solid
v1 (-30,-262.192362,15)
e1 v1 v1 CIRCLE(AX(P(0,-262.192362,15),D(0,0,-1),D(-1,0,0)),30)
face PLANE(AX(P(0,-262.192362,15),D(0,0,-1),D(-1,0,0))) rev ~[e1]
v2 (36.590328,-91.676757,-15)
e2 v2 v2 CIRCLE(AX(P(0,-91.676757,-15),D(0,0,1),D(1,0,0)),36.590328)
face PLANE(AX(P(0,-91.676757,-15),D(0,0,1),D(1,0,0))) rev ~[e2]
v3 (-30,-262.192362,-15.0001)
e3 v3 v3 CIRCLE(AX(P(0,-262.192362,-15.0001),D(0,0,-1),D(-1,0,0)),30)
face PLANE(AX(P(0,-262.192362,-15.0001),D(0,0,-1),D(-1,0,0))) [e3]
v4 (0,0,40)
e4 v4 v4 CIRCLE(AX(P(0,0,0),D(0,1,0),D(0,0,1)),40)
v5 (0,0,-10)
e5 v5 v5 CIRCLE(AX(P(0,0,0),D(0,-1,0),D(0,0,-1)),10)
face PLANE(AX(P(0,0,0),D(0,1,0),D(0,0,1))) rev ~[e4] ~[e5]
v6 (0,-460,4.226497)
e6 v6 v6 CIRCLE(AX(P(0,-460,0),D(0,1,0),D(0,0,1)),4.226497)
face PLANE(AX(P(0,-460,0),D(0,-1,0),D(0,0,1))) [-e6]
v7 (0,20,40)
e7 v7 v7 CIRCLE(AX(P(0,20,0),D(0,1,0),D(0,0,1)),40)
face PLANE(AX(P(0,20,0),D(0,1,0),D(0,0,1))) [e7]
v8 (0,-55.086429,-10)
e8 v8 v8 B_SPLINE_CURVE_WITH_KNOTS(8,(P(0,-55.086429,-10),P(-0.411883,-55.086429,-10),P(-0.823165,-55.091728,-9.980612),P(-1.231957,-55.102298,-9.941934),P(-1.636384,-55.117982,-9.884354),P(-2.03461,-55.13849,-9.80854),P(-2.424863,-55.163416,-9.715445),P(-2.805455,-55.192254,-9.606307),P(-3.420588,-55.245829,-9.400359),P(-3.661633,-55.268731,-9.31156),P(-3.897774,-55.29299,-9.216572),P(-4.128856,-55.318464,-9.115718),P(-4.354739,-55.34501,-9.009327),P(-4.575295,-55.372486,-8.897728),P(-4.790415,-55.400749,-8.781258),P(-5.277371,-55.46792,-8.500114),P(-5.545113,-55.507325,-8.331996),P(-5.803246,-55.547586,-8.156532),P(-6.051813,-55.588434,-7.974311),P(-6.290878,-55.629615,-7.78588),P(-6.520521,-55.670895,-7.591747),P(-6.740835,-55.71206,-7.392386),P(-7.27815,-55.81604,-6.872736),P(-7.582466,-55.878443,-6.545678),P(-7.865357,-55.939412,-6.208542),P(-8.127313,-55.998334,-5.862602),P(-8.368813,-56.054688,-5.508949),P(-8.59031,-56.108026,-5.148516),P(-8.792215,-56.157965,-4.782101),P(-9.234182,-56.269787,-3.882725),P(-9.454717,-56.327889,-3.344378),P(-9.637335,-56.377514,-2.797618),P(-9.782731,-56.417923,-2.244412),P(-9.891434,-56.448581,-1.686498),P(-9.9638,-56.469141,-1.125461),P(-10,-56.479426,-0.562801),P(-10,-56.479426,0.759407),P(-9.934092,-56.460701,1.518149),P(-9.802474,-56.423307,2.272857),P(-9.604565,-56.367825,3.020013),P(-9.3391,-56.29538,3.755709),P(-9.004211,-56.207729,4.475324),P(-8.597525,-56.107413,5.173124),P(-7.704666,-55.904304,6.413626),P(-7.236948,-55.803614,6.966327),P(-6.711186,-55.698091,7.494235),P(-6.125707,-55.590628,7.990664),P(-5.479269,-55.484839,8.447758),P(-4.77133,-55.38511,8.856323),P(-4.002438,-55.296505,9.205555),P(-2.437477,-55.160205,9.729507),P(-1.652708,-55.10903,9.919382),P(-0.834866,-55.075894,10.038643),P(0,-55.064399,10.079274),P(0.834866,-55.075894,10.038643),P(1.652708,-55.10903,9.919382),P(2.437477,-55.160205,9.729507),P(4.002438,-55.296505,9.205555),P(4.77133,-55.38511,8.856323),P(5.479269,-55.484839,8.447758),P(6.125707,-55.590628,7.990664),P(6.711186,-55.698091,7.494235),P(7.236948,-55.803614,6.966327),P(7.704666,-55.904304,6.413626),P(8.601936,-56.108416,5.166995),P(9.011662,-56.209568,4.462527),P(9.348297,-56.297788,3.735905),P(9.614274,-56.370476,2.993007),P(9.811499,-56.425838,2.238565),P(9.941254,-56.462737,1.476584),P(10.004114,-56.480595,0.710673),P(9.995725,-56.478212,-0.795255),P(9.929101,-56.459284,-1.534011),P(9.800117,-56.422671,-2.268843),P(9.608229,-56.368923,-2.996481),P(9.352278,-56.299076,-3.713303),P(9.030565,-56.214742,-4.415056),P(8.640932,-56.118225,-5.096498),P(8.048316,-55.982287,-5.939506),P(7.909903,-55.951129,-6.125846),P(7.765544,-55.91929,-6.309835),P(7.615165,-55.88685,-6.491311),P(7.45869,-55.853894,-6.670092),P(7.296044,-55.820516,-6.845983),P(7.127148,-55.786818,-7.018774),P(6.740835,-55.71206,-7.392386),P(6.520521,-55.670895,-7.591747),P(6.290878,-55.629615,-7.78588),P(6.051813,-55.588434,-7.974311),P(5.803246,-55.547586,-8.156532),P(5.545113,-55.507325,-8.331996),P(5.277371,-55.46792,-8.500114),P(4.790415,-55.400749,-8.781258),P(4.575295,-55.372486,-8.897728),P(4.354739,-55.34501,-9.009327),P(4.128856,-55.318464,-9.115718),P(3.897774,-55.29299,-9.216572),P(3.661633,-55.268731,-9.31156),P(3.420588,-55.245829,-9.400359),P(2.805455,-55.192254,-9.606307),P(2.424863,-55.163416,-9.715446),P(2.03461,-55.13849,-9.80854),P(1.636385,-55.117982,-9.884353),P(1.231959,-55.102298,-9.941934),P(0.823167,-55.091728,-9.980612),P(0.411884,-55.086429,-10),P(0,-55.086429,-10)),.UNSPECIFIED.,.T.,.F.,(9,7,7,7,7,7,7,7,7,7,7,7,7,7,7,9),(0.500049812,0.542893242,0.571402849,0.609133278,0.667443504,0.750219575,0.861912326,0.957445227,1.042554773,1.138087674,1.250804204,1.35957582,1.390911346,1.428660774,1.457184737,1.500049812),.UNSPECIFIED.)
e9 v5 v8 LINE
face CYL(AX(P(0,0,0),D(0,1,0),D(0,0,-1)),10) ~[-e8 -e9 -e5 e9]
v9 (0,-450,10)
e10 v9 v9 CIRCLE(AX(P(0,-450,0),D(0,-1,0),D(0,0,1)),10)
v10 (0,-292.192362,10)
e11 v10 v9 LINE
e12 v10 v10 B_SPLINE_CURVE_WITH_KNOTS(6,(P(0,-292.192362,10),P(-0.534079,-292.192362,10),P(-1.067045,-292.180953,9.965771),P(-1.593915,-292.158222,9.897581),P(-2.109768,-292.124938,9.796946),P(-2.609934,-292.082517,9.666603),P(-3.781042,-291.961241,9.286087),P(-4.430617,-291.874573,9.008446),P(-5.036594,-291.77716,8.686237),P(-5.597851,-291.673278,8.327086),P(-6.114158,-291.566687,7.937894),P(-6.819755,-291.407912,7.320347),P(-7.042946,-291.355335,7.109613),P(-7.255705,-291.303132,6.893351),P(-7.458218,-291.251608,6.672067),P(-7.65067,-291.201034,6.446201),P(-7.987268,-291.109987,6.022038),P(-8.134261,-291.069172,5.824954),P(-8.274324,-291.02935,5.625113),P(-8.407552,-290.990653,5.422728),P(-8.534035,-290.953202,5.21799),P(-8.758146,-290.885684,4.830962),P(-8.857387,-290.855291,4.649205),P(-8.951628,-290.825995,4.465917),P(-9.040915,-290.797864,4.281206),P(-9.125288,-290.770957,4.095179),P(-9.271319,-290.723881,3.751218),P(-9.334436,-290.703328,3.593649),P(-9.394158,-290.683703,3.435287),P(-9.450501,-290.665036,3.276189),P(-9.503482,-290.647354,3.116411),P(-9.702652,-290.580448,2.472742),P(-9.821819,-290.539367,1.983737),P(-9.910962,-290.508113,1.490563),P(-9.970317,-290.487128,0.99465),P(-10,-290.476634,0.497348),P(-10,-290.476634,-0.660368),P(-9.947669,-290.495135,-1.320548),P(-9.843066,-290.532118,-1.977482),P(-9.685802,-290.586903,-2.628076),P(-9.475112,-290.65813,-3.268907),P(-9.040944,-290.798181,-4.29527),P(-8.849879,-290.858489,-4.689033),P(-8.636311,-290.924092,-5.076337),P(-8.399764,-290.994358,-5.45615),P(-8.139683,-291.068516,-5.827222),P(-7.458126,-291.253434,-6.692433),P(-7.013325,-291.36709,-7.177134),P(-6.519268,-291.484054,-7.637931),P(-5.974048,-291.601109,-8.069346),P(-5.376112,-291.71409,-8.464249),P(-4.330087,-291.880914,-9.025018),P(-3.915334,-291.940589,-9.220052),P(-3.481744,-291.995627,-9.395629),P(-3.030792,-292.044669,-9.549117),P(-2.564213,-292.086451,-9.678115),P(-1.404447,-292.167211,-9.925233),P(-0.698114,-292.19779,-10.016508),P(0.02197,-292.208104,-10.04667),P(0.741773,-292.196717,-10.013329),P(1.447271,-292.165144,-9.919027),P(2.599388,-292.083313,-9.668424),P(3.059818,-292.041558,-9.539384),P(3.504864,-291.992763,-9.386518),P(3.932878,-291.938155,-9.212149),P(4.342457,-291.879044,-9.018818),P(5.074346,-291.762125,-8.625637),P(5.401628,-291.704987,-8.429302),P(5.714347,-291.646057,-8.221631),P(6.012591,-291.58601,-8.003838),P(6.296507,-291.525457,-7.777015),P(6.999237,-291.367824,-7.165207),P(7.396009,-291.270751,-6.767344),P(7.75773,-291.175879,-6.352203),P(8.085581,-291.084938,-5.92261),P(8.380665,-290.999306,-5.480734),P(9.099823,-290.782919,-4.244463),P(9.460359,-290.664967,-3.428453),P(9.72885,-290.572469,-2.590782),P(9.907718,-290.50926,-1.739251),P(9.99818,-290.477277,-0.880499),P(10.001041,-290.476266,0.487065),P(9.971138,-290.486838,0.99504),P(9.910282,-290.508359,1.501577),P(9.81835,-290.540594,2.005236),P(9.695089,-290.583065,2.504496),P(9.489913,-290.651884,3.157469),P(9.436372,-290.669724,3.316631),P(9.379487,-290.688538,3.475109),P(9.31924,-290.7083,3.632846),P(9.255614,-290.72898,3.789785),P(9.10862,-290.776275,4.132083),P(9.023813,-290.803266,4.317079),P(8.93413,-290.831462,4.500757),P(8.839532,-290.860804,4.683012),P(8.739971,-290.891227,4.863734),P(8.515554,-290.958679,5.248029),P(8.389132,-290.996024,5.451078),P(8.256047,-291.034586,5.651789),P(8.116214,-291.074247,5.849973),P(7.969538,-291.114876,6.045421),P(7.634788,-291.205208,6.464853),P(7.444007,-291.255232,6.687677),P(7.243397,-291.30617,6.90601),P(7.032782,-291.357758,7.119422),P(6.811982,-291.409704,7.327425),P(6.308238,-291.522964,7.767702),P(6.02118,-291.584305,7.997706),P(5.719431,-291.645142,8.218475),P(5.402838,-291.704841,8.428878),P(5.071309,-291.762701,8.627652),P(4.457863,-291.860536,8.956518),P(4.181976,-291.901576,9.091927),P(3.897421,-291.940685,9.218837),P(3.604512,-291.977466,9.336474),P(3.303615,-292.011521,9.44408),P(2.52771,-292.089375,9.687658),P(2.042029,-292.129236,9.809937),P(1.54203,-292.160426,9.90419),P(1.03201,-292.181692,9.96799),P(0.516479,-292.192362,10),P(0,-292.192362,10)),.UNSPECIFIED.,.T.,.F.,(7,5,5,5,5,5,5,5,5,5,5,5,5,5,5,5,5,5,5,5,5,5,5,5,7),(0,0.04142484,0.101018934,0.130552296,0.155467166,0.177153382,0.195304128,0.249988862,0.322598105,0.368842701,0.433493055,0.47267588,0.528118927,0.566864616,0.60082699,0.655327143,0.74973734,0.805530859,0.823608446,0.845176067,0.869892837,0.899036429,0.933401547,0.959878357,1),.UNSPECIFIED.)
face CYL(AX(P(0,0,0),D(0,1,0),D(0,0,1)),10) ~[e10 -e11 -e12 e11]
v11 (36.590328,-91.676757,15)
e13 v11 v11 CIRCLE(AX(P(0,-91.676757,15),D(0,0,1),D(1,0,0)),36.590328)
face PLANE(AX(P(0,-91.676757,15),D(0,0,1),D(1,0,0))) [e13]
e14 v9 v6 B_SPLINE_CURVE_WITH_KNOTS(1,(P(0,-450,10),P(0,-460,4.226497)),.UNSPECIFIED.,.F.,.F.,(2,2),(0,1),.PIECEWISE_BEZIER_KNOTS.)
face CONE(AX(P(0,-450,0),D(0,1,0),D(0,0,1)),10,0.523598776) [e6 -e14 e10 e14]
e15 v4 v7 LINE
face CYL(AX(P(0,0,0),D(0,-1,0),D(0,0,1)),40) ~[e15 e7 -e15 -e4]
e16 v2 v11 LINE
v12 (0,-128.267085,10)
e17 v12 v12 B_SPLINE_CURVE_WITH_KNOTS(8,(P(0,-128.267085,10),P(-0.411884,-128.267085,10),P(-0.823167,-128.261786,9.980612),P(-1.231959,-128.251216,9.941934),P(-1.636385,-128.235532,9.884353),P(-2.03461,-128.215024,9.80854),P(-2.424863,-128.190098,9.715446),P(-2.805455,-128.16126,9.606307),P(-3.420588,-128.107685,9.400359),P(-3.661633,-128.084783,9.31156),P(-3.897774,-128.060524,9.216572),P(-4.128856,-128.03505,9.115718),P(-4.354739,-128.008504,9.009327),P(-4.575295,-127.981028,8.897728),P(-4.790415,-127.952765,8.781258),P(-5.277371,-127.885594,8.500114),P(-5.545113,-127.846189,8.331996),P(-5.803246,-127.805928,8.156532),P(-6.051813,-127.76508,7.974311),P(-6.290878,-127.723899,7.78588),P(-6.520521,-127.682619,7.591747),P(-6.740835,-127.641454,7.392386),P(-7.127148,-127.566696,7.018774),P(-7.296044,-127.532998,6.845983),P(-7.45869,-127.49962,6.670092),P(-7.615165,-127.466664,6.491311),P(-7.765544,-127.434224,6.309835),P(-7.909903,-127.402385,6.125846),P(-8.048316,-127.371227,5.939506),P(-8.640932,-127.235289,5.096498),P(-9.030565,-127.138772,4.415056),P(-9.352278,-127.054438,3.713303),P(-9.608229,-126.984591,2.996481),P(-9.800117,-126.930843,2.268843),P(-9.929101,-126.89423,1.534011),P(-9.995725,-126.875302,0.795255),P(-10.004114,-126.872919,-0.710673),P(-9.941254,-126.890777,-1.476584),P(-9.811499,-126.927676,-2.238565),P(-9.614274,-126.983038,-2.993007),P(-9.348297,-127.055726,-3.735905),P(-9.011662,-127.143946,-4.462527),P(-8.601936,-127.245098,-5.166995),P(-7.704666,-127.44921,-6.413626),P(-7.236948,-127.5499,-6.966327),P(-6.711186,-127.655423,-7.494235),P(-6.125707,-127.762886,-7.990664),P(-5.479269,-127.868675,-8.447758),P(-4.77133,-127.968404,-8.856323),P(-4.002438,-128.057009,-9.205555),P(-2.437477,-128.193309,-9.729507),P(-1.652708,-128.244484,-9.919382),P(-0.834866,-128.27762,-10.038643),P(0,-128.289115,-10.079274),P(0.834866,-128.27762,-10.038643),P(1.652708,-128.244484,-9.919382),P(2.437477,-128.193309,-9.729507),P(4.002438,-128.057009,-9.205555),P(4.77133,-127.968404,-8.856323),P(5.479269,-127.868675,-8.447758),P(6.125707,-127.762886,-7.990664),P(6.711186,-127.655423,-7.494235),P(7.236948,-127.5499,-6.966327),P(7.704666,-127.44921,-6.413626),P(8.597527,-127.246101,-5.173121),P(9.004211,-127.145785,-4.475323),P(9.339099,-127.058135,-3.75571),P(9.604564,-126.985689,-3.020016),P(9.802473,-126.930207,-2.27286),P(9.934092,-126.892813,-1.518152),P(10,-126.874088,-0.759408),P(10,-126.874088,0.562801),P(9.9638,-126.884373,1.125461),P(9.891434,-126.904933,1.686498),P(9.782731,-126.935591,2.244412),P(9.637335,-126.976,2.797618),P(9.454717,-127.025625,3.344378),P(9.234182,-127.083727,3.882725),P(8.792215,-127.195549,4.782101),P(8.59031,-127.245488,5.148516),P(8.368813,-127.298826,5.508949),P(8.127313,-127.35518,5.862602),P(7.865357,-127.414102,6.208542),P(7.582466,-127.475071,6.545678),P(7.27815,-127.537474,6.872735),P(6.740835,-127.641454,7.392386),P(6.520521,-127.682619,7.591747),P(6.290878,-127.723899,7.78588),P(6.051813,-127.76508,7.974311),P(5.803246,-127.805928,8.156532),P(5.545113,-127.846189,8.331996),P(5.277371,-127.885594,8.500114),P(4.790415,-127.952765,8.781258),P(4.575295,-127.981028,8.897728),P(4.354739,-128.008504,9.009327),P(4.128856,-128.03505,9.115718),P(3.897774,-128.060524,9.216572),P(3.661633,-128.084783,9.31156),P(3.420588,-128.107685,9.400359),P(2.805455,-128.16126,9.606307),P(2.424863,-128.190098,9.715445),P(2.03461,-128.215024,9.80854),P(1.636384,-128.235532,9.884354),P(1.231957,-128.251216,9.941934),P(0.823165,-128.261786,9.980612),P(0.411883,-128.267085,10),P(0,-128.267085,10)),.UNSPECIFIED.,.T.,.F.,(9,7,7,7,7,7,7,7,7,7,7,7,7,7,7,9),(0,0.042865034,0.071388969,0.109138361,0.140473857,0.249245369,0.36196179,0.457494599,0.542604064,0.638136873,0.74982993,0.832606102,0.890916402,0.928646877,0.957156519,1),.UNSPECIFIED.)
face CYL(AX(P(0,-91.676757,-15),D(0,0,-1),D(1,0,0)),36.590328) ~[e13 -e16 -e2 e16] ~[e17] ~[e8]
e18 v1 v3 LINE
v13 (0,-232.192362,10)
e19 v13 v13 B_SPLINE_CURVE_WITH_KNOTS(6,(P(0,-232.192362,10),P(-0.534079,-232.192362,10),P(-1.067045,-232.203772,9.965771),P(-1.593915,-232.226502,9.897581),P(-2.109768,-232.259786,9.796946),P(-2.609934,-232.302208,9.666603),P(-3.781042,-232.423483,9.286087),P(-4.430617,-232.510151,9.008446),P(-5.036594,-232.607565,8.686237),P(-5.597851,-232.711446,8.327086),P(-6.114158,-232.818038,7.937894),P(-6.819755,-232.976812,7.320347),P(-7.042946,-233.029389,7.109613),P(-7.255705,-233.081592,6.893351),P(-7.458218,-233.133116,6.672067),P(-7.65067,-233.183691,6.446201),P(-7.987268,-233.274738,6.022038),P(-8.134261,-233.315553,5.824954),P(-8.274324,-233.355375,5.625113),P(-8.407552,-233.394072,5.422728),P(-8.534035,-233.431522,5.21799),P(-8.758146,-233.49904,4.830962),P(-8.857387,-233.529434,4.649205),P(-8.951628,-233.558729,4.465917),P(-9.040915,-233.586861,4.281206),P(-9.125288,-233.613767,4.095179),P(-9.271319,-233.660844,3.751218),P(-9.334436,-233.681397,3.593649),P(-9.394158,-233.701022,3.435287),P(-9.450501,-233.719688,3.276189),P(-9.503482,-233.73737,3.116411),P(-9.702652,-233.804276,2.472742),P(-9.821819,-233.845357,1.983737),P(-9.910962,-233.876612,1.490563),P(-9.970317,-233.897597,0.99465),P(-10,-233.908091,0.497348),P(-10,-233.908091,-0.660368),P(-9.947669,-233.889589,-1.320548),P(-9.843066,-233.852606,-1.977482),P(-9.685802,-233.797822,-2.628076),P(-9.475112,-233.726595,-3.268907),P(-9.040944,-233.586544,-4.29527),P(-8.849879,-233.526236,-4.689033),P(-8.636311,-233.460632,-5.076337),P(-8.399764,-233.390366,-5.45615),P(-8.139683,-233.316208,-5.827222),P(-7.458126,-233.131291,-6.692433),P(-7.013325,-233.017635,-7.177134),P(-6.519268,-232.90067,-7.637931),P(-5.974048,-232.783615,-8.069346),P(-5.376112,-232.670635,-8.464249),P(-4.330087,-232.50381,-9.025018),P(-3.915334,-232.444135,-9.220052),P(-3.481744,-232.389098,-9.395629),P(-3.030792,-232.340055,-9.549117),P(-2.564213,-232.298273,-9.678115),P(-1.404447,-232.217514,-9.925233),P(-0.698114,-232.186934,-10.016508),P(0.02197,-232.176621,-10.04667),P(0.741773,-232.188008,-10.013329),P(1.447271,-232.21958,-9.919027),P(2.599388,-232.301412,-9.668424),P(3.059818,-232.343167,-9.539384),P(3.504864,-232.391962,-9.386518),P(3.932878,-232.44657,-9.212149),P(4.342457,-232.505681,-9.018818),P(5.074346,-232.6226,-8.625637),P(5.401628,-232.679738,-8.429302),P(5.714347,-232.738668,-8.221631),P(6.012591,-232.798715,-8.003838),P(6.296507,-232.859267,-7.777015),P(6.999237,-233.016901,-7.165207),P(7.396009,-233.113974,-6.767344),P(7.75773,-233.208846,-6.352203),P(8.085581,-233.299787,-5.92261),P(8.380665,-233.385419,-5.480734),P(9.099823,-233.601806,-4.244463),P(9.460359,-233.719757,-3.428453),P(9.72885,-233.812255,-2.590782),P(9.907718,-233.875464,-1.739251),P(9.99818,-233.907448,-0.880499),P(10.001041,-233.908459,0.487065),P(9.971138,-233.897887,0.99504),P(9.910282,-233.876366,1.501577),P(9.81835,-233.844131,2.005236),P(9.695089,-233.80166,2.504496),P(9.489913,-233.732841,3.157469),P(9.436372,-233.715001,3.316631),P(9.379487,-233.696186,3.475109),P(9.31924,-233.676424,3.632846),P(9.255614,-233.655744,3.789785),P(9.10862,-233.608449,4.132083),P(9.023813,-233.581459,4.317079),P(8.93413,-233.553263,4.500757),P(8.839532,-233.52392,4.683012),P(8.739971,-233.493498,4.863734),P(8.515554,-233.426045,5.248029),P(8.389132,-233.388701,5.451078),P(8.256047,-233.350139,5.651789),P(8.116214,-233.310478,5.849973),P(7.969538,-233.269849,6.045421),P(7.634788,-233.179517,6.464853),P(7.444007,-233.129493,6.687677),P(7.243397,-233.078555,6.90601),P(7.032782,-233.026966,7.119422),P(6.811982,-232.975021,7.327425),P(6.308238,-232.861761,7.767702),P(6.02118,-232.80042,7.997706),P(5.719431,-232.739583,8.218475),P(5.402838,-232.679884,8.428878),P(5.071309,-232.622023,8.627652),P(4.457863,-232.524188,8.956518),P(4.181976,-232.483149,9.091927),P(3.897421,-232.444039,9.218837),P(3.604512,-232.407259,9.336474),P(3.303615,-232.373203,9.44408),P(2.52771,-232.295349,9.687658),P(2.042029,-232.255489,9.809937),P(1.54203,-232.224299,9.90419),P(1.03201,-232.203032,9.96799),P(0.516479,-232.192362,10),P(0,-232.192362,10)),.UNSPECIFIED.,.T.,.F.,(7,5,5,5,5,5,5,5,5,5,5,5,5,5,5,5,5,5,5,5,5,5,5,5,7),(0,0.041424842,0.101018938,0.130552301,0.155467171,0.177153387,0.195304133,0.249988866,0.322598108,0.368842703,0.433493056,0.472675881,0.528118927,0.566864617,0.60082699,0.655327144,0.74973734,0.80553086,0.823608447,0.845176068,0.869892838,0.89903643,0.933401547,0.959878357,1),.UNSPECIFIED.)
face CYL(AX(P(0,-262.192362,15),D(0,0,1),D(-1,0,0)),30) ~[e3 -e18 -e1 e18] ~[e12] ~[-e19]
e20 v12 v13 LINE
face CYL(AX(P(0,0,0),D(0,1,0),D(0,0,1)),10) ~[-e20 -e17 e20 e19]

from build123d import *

# Parameters (mm, degrees)
SKETCH_1_R                = 40
EXTRUDE_1_DEPTH           = 20
SKETCH_2_R                = 10
EXTRUDE_2_DEPTH           = 60
EXTRUDE_3_DEPTH           = 15
EXTRUDE_3_DEPTH_BACK      = 15
SKETCH_3_R                = 36.590327892
SKETCH_2_2_R              = 10
EXTRUDE_4_DEPTH           = 450
EXTRUDE_5_DEPTH           = 0.0001
EXTRUDE_5_DEPTH_BACK      = 30
SKETCH_7_R                = 30
SKETCH_8_R                = 10
EXTRUDE_6_DEPTH           = 10
EXTRUDE_6_TAPER           = 30
EXTRUDE_6_OTHER_WAY_DEPTH = 0.0001


with BuildPart() as part:
    # 草图1 → 凸台-拉伸1 (new body)
    with BuildSketch(Plane(origin=(0, 0, 0), x_dir=(1, 0, 0), z_dir=(0, 1, 0))):
        Circle(SKETCH_1_R)
    extrude(amount=EXTRUDE_1_DEPTH)

    # 草图2 → 凸台-拉伸2 (add)
    with BuildSketch(Plane(origin=(0, 0, 0), x_dir=(-1, 0, 0), z_dir=(0, -1, 0))):
        Circle(SKETCH_2_R)
    extrude(amount=EXTRUDE_2_DEPTH)

    # 草图3 → 凸台-拉伸3 (add, two sides: drawn at the far end of the back side and taken through both)
    with BuildSketch(Plane.XY.offset(-EXTRUDE_3_DEPTH_BACK)):
        with Locations((0, -91.676757002)):
            Circle(SKETCH_3_R)
    extrude(amount=EXTRUDE_3_DEPTH + EXTRUDE_3_DEPTH_BACK)

    # 草图2<2> → 凸台-拉伸4 (add)
    with BuildSketch(Plane(origin=(0, 0, 0), x_dir=(-1, 0, 0), z_dir=(0, -1, 0))):
        Circle(SKETCH_2_2_R)
    extrude(amount=EXTRUDE_4_DEPTH)

    # 草图7 → 凸台-拉伸5 (add, two sides: drawn at the far end of the back side and taken through both)
    with BuildSketch(Plane(origin=(0, 0, -15), x_dir=(-1, 0, 0), z_dir=(0, 0, -1)).offset(-EXTRUDE_5_DEPTH_BACK)):
        with Locations((0, -262.19236229)):
            Circle(SKETCH_7_R)
    extrude(amount=EXTRUDE_5_DEPTH + EXTRUDE_5_DEPTH_BACK)

    # 草图8 → 凸台-拉伸6 (add)
    with BuildSketch(Plane.XZ.offset(450)):
        Circle(SKETCH_8_R)
    extrude(amount=EXTRUDE_6_DEPTH, taper=EXTRUDE_6_TAPER)

    # 草图8 → 凸台-拉伸6 other way (add)
    with BuildSketch(Plane.XZ.offset(450)):
        Circle(SKETCH_8_R)
    extrude(amount=-EXTRUDE_6_OTHER_WAY_DEPTH)


solid = part.part
